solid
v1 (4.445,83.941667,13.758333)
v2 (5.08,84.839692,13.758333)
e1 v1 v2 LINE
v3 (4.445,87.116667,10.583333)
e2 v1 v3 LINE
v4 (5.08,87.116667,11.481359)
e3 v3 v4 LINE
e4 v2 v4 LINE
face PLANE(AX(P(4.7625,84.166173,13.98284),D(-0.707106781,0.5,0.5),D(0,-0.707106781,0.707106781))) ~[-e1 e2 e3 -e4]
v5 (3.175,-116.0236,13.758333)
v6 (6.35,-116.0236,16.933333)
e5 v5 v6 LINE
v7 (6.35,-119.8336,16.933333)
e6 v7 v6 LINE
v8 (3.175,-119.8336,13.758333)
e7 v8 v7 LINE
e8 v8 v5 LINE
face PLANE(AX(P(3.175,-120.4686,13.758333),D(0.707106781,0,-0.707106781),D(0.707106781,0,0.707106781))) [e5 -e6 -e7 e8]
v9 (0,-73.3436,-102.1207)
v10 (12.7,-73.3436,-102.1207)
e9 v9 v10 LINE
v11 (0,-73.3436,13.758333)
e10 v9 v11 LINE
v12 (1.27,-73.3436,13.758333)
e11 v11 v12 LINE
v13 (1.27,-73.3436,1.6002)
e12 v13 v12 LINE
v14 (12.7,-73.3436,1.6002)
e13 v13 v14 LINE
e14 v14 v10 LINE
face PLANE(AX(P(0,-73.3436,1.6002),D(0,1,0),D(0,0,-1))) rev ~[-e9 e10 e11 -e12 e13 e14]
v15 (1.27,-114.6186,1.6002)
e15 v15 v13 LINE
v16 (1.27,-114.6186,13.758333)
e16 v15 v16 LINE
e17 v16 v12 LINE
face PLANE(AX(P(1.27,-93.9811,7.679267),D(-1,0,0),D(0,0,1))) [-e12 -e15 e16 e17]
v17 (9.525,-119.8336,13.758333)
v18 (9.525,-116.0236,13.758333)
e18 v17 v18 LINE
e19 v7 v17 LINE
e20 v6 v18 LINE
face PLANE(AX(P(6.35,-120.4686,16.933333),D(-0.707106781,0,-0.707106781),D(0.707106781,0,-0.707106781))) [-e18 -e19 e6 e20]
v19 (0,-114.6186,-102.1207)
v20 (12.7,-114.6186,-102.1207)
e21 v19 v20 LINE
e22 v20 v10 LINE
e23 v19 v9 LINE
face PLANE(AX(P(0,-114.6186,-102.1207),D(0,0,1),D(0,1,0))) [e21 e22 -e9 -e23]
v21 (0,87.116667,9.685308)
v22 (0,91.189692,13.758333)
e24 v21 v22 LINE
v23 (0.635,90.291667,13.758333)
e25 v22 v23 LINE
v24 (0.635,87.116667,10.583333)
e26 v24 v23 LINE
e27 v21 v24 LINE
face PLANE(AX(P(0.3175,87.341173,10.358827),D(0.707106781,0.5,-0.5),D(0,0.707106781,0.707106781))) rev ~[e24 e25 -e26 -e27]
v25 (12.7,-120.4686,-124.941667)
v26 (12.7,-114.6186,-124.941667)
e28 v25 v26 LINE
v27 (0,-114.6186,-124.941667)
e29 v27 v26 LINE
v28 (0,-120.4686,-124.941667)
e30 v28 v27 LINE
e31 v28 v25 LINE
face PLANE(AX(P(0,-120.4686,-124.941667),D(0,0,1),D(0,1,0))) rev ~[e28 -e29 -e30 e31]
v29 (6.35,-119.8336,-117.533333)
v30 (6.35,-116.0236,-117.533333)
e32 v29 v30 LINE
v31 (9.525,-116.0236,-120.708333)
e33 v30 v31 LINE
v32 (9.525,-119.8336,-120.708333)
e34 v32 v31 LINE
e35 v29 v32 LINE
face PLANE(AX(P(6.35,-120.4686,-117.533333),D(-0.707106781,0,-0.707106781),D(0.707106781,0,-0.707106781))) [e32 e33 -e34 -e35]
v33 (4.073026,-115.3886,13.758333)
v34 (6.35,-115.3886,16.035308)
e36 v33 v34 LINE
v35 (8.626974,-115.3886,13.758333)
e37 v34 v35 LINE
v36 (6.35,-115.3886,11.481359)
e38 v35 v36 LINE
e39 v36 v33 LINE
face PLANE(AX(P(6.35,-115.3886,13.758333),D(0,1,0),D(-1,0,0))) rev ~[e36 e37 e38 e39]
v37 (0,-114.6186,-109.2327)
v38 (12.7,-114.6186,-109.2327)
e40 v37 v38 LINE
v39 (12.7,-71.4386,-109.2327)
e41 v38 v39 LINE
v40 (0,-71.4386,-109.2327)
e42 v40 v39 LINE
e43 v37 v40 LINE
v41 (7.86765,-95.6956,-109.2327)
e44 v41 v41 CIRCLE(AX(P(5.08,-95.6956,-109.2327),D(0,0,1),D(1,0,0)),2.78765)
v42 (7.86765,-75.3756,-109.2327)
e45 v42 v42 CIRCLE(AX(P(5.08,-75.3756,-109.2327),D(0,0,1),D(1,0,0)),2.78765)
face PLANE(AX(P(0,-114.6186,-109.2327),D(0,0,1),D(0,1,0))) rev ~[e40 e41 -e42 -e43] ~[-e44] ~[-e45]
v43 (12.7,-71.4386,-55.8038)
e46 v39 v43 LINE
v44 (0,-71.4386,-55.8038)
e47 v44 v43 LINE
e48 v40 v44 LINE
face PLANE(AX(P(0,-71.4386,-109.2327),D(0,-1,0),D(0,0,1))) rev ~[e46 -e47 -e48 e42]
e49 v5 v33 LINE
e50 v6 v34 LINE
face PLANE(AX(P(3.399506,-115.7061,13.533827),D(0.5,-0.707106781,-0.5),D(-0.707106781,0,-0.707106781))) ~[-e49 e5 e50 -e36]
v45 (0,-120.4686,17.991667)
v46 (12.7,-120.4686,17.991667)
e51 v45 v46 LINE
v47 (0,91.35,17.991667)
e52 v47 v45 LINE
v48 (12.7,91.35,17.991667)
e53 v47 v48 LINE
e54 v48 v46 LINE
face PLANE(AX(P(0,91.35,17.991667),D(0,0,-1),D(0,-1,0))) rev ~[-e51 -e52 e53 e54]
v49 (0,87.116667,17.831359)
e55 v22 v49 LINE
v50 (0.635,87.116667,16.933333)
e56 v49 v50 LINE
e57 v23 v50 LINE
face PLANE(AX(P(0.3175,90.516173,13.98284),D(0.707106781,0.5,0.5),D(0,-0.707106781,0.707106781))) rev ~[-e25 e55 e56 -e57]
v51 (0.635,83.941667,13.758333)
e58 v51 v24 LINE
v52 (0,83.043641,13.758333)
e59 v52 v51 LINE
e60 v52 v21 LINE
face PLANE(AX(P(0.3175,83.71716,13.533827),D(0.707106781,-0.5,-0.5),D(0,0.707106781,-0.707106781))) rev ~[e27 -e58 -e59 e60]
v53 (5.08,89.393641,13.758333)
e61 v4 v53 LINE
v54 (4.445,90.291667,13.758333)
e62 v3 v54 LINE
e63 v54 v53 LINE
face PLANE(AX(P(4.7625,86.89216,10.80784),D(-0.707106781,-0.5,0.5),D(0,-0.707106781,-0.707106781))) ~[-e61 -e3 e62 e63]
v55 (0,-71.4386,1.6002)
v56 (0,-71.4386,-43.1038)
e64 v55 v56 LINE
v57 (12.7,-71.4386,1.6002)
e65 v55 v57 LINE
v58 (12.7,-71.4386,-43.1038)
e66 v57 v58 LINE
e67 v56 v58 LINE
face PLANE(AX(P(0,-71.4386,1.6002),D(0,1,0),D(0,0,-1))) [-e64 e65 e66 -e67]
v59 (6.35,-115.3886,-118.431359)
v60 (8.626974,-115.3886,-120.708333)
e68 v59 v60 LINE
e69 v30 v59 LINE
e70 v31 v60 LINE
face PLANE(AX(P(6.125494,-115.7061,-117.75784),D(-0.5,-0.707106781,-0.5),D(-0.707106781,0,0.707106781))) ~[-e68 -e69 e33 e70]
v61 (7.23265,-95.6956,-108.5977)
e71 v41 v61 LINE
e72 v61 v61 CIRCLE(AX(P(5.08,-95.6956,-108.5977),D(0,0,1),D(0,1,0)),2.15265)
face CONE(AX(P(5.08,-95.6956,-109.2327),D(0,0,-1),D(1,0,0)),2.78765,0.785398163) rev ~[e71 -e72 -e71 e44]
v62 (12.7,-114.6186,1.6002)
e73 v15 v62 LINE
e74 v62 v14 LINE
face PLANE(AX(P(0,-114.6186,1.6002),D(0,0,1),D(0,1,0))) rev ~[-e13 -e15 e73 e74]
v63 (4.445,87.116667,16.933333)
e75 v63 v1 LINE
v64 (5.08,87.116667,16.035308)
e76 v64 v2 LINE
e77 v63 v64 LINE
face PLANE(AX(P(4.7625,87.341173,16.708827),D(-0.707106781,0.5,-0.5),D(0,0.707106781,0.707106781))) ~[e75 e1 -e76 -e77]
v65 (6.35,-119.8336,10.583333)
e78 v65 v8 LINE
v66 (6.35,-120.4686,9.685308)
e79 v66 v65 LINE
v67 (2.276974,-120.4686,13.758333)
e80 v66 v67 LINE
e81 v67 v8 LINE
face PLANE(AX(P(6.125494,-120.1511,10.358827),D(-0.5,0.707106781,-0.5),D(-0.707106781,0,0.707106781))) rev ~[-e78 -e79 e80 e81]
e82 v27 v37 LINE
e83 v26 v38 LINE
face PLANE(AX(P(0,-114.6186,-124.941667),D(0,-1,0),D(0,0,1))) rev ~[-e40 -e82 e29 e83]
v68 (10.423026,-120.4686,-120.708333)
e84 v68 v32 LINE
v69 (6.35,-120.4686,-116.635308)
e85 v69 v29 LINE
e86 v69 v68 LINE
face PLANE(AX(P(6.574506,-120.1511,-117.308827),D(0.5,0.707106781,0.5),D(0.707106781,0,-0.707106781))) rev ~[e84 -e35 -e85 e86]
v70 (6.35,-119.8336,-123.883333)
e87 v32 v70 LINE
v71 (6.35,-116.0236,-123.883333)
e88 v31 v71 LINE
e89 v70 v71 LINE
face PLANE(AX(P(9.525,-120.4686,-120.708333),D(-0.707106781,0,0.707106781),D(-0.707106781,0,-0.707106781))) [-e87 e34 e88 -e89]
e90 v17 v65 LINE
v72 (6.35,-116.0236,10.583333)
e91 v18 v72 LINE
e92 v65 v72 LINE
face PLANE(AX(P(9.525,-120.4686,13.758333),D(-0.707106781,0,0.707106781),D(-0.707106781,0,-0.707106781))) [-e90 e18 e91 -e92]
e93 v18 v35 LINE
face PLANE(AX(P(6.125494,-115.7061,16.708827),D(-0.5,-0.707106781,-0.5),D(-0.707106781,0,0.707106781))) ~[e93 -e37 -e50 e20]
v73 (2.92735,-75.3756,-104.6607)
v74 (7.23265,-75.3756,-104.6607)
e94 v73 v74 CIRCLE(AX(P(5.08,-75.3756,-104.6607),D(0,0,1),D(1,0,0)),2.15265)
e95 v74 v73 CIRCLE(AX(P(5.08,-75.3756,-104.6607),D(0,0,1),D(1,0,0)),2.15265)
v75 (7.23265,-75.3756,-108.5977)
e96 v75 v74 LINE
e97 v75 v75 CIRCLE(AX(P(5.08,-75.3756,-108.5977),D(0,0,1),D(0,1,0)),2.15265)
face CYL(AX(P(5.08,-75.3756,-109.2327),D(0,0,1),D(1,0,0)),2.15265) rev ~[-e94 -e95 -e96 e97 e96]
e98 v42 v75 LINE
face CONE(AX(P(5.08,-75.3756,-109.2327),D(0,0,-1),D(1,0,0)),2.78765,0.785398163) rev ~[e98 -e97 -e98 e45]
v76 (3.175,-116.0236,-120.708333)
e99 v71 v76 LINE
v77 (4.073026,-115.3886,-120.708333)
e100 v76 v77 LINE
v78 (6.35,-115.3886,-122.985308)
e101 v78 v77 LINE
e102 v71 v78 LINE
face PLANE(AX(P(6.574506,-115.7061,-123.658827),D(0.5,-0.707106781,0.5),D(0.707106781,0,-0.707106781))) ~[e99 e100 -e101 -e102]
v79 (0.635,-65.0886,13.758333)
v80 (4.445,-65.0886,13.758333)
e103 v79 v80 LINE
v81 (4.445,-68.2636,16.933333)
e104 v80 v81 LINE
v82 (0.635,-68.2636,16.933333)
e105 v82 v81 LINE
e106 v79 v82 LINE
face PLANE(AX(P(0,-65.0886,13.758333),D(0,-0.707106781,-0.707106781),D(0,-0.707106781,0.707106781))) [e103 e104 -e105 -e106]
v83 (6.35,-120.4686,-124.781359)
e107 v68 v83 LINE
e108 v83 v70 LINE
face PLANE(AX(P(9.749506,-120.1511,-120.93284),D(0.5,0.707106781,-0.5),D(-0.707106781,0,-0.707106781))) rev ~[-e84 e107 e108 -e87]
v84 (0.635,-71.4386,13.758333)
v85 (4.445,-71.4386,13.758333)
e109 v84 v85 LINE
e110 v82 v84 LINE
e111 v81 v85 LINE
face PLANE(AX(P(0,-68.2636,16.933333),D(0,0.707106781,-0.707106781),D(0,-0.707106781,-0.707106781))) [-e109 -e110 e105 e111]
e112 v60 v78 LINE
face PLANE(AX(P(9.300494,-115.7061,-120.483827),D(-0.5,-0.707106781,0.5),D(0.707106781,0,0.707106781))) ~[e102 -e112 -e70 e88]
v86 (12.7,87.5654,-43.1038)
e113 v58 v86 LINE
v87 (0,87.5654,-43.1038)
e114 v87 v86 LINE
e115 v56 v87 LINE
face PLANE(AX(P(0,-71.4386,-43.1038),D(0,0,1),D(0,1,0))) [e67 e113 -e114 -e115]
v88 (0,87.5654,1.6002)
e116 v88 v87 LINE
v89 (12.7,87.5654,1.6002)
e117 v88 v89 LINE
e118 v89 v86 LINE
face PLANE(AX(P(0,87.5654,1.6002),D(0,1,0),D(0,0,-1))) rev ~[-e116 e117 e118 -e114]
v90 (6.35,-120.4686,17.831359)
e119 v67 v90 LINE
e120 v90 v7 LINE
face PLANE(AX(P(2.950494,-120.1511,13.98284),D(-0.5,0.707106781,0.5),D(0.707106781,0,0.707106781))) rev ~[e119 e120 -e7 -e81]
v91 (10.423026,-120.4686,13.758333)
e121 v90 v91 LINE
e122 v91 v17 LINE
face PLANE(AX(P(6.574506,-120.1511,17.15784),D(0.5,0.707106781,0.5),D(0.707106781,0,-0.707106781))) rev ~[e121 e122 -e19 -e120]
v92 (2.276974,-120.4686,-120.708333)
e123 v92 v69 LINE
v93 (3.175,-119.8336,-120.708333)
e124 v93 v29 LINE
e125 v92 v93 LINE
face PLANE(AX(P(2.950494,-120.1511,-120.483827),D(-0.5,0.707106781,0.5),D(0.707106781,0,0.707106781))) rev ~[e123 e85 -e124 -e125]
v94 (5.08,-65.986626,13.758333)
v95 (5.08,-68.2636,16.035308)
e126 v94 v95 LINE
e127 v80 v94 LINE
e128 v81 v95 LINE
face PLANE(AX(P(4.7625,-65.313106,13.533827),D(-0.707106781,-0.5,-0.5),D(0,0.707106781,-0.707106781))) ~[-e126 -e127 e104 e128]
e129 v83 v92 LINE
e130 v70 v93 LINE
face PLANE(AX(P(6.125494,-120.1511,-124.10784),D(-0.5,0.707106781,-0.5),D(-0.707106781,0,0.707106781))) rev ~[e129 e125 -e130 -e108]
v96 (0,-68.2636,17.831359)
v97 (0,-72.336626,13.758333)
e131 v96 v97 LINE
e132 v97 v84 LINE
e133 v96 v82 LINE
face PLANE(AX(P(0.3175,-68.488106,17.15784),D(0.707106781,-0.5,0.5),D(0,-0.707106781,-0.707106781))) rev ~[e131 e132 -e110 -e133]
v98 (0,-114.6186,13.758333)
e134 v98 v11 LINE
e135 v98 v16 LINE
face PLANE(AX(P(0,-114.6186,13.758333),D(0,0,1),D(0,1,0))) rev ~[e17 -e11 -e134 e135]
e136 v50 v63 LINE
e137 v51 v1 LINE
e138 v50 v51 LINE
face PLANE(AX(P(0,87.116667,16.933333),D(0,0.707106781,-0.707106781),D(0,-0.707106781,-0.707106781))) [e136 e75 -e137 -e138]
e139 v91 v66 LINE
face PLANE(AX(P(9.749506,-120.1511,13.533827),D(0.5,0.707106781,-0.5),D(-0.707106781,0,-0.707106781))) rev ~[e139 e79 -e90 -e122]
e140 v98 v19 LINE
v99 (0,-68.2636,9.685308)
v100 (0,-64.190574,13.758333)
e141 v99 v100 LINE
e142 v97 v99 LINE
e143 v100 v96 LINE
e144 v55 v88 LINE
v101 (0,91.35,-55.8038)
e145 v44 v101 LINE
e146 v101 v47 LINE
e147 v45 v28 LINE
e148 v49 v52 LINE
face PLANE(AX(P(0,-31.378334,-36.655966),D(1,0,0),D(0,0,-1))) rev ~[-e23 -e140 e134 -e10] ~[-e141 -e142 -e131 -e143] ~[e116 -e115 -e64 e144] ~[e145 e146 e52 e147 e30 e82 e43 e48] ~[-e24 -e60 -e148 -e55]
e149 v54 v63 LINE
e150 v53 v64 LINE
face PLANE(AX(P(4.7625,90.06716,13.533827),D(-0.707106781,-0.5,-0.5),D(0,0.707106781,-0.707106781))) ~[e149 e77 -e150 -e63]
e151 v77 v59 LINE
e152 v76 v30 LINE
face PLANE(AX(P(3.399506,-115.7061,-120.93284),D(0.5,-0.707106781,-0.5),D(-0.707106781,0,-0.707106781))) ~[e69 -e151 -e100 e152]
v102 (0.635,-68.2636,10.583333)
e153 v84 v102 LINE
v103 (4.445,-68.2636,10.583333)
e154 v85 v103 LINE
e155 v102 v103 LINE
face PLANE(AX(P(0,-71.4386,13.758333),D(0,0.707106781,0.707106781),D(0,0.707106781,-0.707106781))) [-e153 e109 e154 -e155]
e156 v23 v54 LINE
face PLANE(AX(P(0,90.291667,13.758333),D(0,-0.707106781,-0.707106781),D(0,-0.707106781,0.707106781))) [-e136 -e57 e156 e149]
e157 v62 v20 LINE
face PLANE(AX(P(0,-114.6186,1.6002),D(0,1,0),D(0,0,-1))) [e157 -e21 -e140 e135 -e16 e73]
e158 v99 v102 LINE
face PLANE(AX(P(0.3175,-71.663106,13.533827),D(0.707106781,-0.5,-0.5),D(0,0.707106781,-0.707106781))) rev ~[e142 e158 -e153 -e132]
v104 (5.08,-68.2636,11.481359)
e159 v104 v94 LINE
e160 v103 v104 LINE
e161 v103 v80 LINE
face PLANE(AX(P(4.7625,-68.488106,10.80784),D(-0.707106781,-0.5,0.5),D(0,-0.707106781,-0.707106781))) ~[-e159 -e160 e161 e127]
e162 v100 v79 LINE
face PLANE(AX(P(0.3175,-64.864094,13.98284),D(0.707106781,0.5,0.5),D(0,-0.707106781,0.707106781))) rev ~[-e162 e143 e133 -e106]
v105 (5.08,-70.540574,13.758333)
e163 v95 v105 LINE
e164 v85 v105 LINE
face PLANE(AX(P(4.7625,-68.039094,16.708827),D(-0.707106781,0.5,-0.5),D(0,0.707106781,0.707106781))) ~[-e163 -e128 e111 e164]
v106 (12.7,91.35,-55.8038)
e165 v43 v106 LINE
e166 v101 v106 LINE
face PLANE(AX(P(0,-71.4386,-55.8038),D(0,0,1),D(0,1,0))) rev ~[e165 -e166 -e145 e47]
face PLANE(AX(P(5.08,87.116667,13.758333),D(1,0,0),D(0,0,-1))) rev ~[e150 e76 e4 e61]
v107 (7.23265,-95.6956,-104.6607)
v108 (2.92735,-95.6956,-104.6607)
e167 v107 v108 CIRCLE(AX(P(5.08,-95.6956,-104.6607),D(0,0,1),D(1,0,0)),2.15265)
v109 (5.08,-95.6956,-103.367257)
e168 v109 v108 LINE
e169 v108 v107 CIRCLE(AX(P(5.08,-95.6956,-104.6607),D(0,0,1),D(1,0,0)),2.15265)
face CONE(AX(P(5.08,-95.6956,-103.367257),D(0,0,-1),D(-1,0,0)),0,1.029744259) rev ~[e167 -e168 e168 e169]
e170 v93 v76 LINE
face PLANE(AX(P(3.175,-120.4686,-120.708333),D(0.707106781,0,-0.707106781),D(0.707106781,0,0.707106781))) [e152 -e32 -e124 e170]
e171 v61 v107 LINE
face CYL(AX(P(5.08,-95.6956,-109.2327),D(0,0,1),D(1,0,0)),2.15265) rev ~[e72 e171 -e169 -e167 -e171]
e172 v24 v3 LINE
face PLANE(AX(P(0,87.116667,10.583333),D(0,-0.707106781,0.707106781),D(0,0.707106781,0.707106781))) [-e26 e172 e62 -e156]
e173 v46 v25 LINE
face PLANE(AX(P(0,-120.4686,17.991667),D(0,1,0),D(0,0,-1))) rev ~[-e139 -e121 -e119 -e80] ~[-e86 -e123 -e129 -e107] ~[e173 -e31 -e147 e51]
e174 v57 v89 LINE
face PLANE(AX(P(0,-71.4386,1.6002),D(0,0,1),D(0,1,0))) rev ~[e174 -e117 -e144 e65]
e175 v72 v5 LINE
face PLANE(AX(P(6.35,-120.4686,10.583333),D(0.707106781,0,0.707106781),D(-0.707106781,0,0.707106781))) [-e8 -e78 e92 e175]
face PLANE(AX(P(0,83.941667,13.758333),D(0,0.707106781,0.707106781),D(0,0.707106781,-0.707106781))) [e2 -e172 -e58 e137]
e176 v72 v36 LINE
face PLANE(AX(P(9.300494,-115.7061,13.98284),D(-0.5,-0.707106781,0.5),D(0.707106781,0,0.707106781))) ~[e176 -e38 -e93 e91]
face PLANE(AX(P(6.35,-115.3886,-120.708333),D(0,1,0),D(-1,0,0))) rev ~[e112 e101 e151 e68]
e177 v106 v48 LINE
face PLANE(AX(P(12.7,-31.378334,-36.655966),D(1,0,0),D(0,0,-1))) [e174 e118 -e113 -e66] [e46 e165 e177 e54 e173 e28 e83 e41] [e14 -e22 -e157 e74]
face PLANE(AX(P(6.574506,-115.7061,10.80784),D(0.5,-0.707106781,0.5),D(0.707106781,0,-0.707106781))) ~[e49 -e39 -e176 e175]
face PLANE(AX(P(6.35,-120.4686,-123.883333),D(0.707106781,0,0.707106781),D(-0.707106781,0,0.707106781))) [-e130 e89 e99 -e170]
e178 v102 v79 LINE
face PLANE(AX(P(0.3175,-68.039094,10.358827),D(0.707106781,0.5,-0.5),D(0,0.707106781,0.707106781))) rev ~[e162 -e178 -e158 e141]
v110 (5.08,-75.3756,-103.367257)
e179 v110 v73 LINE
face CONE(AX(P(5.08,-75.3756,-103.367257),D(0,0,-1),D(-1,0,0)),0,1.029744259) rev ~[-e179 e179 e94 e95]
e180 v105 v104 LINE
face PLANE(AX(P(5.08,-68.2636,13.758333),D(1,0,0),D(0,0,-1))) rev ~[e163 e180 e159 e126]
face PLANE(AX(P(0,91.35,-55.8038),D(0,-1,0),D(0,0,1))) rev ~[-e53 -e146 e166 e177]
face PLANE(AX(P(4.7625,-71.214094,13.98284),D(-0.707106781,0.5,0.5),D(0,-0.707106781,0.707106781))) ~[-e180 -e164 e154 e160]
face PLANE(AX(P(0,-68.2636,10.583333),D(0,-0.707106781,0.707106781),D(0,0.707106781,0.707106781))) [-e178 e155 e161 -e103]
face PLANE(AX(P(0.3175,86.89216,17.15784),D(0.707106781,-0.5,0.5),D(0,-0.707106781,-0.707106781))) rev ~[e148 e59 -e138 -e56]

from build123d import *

# Parameters (mm, degrees)
SKETCH4_W                              = 44.704
SKETCH4_H                              = 159.004
SKETCH4_W_2                            = 103.7209
SKETCH4_H_2                            = 41.275
BOSS_EXTRUDE1_DEPTH                    = 12.7
F_18_0_1695_DIAMETER_HOLE1_D           = 4.3053
F_18_0_1695_DIAMETER_HOLE1_DEPTH       = 4.572
F_18_0_1695_DIAMETER_HOLE1_CSINK_D     = 5.5753
F_18_0_1695_DIAMETER_HOLE1_CSINK_ANGLE = 90
F_18_0_1695_DIAMETER_HOLE1_TIP         = 1.293442612
SKETCH11_W                             = 12.158133317
SKETCH11_H                             = 41.275
CUT_EXTRUDE3_DEPTH                     = 1.27
CUT_EXTRUDE1_DEPTH                     = 5.08
CUT_EXTRUDE2_DEPTH                     = 5.08
CHAMFER1_SIZE                          = 0.635


with BuildPart() as part:
    # Sketch4 → Boss-Extrude1 (new body)
    with BuildSketch(Plane(origin=(0, 0, 0), x_dir=(0, 0, -1), z_dir=(1, 0, 0))):
        Polygon((55.8038, 91.35), (-17.991666651, 91.35), (-17.991666651, -120.4686), (124.941666683, -120.4686), (124.941666683, -114.6186), (109.2327, -114.6186), (109.2327, -71.4386), (55.8038, -71.4386), align=None)
        with Locations((20.7518, 8.0634)):
            Rectangle(SKETCH4_W, SKETCH4_H, mode=Mode.SUBTRACT)
        with Locations((50.26025, -93.9811)):
            Rectangle(SKETCH4_W_2, SKETCH4_H_2, mode=Mode.SUBTRACT)
    extrude(amount=BOSS_EXTRUDE1_DEPTH)

    # #18 (0.1695) Diameter Hole1
    with Locations(Plane(origin=(0, 0, -109.2327), x_dir=(-1, 0, 0), z_dir=(0, 0, -1))):
        with Locations((-5.08, -95.6956), (-5.08, -75.3756)):
            CounterSinkHole(F_18_0_1695_DIAMETER_HOLE1_D / 2, F_18_0_1695_DIAMETER_HOLE1_CSINK_D / 2, depth=F_18_0_1695_DIAMETER_HOLE1_DEPTH, counter_sink_angle=F_18_0_1695_DIAMETER_HOLE1_CSINK_ANGLE)
            with Locations((0, 0, -(F_18_0_1695_DIAMETER_HOLE1_DEPTH + F_18_0_1695_DIAMETER_HOLE1_TIP / 2))):  # 118° drill point
                Cone(0, F_18_0_1695_DIAMETER_HOLE1_D / 2, F_18_0_1695_DIAMETER_HOLE1_TIP, mode=Mode.SUBTRACT)

    # Sketch11 → Cut-Extrude3 (cut)
    with BuildSketch(Plane.ZY):
        with Locations((7.679266659, -93.9811)):
            Rectangle(SKETCH11_W, SKETCH11_H)
    extrude(amount=-CUT_EXTRUDE3_DEPTH, mode=Mode.SUBTRACT)

    # Sketch9 → Cut-Extrude1 (cut)
    with BuildSketch(Plane.XZ.offset(120.4686)):
        Polygon((3.175, 13.758333317), (6.35, 16.933333317), (9.525, 13.758333317), (6.35, 10.583333317), align=None)
        Polygon((3.175, -120.708333349), (6.35, -117.533333349), (9.525, -120.708333349), (6.35, -123.883333349), align=None)
    extrude(amount=-CUT_EXTRUDE1_DEPTH, mode=Mode.SUBTRACT)

    # Sketch10 → Cut-Extrude2 (cut)
    with BuildSketch(Plane.ZY):
        Polygon((13.758333317, 90.291666667), (16.933333317, 87.116666667), (13.758333317, 83.941666667), (10.583333317, 87.116666667), align=None)
        Polygon((13.758333317, -65.0886), (16.933333317, -68.2636), (13.758333317, -71.4386), (10.583333317, -68.2636), align=None)
    extrude(amount=-CUT_EXTRUDE2_DEPTH, mode=Mode.SUBTRACT)

    # Chamfer1
    chamfer1_edges = [part.edges().sort_by_distance(p)[0] for p in [
        (5.08, 88.704166667, 12.170833317),
        (5.08, 88.704166667, 15.345833317),
        (5.08, 85.529166667, 15.345833317),
        (5.08, 85.529166667, 12.170833317),
        (0, 88.704166667, 12.170833317),
        (0, 85.529166667, 12.170833317),
        (0, 85.529166667, 15.345833317),
        (0, 88.704166667, 15.345833317),
        (5.08, -66.6761, 12.170833317),
        (5.08, -66.6761, 15.345833317),
        (5.08, -69.8511, 15.345833317),
        (5.08, -69.8511, 12.170833317),
        (0, -66.6761, 12.170833317),
        (0, -69.8511, 12.170833317),
        (0, -69.8511, 15.345833317),
        (0, -66.6761, 15.345833317),
        (4.7625, -115.3886, 12.170833317),
        (4.7625, -115.3886, 15.345833317),
        (7.9375, -115.3886, 15.345833317),
        (7.9375, -115.3886, 12.170833317),
        (4.7625, -120.4686, 12.170833317),
        (7.9375, -120.4686, 12.170833317),
        (7.9375, -120.4686, 15.345833317),
        (4.7625, -120.4686, 15.345833317),
        (4.7625, -115.3886, -122.295833349),
        (4.7625, -115.3886, -119.120833349),
        (7.9375, -115.3886, -119.120833349),
        (7.9375, -115.3886, -122.295833349),
        (4.7625, -120.4686, -122.295833349),
        (7.9375, -120.4686, -122.295833349),
        (7.9375, -120.4686, -119.120833349),
        (4.7625, -120.4686, -119.120833349),
    ]]
    chamfer(chamfer1_edges, length=CHAMFER1_SIZE)


solid = part.part
